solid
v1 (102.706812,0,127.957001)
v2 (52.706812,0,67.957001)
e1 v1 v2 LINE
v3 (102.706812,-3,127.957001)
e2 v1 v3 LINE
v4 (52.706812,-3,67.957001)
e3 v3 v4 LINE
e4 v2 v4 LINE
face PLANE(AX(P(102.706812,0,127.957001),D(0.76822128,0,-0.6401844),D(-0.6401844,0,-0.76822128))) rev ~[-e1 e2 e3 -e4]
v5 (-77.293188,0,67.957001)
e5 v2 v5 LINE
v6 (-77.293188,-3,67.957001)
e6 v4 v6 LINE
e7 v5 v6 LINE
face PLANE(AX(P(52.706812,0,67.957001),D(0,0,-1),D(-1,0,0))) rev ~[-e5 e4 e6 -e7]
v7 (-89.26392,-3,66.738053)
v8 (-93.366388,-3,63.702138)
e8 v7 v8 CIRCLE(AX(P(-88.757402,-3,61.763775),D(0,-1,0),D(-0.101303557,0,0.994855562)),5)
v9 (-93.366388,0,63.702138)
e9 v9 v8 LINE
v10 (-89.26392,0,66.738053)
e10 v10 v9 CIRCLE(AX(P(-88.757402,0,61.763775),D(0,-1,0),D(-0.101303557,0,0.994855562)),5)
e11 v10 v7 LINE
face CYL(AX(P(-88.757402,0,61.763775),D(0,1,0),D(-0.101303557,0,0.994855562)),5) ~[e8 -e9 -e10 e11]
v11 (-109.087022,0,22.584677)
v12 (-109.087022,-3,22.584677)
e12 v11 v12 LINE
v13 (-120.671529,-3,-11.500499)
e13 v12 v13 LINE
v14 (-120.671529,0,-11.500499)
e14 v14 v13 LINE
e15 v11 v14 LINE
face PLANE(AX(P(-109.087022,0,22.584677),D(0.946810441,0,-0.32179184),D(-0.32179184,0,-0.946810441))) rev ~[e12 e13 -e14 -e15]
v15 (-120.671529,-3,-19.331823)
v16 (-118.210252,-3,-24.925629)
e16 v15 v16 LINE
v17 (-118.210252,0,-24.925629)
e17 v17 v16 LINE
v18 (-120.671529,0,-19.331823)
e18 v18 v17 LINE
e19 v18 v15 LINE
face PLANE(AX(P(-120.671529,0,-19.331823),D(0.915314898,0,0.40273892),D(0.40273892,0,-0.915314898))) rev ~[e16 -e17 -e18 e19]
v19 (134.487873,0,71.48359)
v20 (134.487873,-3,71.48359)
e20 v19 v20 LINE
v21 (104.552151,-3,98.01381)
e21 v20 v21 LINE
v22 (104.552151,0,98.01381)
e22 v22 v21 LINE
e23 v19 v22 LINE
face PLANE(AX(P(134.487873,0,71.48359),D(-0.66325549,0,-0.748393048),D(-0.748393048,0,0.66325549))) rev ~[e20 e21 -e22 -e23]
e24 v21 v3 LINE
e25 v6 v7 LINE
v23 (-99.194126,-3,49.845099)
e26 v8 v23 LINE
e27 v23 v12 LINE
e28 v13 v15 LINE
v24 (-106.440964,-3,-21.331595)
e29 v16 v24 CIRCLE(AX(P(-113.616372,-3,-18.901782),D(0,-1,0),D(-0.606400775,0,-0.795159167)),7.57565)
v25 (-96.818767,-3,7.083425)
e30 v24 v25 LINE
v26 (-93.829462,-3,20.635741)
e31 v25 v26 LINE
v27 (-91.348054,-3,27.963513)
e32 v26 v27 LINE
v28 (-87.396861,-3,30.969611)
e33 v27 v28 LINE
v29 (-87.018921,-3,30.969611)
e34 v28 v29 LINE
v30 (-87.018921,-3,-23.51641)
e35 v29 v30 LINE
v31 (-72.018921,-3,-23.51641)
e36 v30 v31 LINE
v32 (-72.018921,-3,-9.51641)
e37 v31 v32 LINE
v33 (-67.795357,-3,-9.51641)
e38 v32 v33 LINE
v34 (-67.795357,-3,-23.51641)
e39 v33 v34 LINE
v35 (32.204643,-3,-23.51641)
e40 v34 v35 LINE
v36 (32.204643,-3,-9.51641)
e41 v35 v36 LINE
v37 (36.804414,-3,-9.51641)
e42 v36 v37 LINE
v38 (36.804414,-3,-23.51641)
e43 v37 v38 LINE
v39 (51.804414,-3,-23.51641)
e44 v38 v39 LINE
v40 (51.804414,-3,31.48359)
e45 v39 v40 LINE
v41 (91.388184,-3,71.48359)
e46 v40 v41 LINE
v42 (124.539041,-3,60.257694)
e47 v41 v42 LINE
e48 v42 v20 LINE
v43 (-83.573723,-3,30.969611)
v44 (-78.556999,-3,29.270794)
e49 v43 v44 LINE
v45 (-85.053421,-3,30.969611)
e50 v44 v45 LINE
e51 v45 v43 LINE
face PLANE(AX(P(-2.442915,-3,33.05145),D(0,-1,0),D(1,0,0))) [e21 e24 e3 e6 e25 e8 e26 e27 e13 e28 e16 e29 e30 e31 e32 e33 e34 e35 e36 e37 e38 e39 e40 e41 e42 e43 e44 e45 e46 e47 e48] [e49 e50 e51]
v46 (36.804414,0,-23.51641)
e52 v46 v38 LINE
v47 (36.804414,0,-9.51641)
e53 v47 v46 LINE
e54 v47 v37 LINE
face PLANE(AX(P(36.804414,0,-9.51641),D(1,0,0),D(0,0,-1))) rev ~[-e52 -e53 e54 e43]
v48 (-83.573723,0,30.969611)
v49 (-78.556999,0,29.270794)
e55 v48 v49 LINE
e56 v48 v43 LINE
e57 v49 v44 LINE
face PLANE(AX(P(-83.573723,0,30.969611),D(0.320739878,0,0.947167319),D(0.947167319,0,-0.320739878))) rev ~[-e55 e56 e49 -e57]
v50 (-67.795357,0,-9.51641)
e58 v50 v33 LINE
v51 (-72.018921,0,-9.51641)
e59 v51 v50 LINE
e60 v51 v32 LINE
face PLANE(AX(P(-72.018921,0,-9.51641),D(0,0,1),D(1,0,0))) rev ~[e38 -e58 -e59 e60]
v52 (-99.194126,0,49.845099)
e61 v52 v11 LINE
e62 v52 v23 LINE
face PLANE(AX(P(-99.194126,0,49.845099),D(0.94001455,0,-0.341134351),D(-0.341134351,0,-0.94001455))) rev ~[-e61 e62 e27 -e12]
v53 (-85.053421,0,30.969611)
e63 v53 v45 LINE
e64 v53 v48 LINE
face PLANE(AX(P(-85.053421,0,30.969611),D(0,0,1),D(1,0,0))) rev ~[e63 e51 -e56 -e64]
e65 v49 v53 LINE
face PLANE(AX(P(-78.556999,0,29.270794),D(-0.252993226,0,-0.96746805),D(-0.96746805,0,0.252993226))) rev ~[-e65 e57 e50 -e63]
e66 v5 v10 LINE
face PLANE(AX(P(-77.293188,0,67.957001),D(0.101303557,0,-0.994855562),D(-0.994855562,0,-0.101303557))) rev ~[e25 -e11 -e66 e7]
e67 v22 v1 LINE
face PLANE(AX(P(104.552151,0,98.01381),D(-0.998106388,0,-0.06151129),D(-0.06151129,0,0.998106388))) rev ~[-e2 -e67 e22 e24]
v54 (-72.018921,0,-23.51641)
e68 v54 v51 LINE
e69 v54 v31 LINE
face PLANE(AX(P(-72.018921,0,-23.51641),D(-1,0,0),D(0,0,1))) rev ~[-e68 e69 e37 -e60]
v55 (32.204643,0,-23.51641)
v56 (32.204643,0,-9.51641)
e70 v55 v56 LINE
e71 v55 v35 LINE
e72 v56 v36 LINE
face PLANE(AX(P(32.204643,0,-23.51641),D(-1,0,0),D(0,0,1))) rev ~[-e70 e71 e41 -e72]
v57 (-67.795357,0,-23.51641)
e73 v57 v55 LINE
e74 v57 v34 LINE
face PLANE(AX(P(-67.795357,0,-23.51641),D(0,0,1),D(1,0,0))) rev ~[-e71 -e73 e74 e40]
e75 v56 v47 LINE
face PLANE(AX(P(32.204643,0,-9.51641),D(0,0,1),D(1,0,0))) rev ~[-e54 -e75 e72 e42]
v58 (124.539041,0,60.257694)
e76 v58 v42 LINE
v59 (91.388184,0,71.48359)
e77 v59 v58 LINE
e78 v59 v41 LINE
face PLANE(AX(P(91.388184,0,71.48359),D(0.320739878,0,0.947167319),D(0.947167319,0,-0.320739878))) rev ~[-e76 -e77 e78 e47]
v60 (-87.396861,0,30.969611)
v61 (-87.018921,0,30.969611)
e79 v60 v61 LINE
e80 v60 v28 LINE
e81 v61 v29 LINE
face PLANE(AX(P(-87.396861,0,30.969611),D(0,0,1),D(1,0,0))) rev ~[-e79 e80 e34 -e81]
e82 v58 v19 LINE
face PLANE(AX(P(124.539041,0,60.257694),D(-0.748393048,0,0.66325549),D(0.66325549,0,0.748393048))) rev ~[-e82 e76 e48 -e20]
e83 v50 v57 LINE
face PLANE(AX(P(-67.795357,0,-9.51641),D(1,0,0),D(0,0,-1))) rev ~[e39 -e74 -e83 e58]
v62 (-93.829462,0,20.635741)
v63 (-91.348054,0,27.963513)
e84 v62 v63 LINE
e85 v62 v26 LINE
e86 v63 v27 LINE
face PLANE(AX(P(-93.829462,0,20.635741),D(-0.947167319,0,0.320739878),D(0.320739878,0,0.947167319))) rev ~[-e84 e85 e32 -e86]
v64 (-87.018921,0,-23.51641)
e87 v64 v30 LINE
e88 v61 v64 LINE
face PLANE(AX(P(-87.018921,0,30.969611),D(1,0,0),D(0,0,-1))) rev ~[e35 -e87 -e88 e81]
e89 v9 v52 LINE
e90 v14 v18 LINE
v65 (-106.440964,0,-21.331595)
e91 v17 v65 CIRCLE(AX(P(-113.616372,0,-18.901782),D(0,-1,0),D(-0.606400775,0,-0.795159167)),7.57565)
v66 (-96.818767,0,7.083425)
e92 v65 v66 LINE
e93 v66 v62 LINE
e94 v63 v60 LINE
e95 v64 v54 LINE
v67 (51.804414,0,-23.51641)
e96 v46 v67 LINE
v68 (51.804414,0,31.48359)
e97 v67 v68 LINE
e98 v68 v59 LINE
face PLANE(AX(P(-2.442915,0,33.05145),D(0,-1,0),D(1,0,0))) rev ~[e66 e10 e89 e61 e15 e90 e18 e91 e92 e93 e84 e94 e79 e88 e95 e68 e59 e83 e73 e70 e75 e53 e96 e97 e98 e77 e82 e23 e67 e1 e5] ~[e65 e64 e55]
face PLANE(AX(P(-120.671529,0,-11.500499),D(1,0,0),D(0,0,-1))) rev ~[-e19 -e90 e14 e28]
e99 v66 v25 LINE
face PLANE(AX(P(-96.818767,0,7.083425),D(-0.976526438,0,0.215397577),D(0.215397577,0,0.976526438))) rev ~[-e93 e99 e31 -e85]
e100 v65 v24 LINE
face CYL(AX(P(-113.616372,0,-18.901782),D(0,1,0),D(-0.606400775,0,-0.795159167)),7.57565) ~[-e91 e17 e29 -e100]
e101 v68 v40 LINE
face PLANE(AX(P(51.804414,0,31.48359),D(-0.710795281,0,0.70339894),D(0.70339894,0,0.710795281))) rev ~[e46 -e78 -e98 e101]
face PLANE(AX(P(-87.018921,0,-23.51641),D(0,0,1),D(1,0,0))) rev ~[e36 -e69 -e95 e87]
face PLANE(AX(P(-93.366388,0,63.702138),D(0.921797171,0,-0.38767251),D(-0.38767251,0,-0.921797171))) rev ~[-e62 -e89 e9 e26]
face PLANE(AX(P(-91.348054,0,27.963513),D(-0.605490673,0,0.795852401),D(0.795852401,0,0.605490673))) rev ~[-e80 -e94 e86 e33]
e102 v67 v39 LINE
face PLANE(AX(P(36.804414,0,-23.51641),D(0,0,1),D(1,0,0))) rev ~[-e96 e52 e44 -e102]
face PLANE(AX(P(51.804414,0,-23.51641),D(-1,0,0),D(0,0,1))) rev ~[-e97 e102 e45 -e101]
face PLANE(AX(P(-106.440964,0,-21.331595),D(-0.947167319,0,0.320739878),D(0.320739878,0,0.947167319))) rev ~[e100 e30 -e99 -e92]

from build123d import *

# Parameters (mm, degrees)
F1_DEPTH = 3
F2_DEPTH = 3


with BuildPart() as f1:
    # F0 (on Front) → F1 (new body)
    with BuildSketch(Plane.XZ):
        with BuildLine():
            Line((52.7068123221, 67.9570013285), (-77.2931876779, 67.9570013285))
            Line((-77.2931876779, 67.9570013285), (-89.2639196203, 66.7380527995))
            ThreePointArc((-89.2639196203, 66.7380527995), (-91.7316731318, 65.7829428457), (-93.3663876923, 63.7021375394))
            Line((-93.3663876923, 63.7021375394), (-99.1941262898, 49.8450988929))
            Line((-99.1941262898, 49.8450988929), (-109.0870224739, 22.5846769392))
            Line((-109.0870224739, 22.5846769392), (-120.6715287069, -11.5004989491))
            Line((-120.6715287069, -11.5004989491), (-120.6715287069, -19.3318230512))
            Line((-120.6715287069, -19.3318230512), (-118.2102517237, -24.9256293032))
            ThreePointArc((-118.2102517237, -24.9256293032), (-111.4038296451, -26.1471340573), (-106.4409637677, -21.3315948706))
            Line((-106.4409637677, -21.3315948706), (-96.8187674333, 7.0834247089))
            Line((-96.8187674333, 7.0834247089), (-93.8294616156, 20.6357413095))
            Line((-93.8294616156, 20.6357413095), (-91.3480535534, 27.9635130805))
            Line((-91.3480535534, 27.9635130805), (-87.3968608702, 30.9696110895))
            Line((-87.3968608702, 30.9696110895), (-87.0189213753, 30.9696110895))
            Line((-87.0189213753, 30.9696110895), (-87.0189213753, -23.5164099128))
            Line((-87.0189213753, -23.5164099128), (-72.0189213753, -23.5164099128))
            Line((-72.0189213753, -23.5164099128), (-72.0189213753, -9.5164099128))
            Line((-72.0189213753, -9.5164099128), (-67.7953569258, -9.5164099128))
            Line((-67.7953569258, -9.5164099128), (-67.7953569258, -23.5164099128))
            Line((-67.7953569258, -23.5164099128), (32.2046430742, -23.5164099128))
            Line((32.2046430742, -23.5164099128), (32.2046430742, -9.5164099128))
            Line((32.2046430742, -9.5164099128), (36.8044135138, -9.5164099128))
            Line((36.8044135138, -9.5164099128), (36.8044135138, -23.5164099128))
            Line((36.8044135138, -23.5164099128), (51.8044135138, -23.5164099128))
            Line((51.8044135138, -23.5164099128), (51.8044135138, 31.4835900872))
            Line((51.8044135138, 31.4835900872), (91.3881844313, 71.4835900872))
            Line((91.3881844313, 71.4835900872), (124.5390406074, 60.2576943637))
            Line((124.5390406074, 60.2576943637), (134.4878729613, 71.4835900872))
            Line((134.4878729613, 71.4835900872), (104.552151032, 98.0138096975))
            Line((104.552151032, 98.0138096975), (102.7068123221, 127.9570013285))
            Line((102.7068123221, 127.9570013285), (52.7068123221, 67.9570013285))
        make_face()
        Polygon((-85.0534210869, 30.9696110895), (-87.0189213753, 30.9696110895), (-87.0189213753, 31.4835900872), align=None, mode=Mode.SUBTRACT)
        Polygon((-78.5569989721, 29.2707944844), (-85.0534210869, 30.9696110895), (-83.5737233683, 30.9696110895), align=None, mode=Mode.SUBTRACT)
        Polygon((-87.0189213753, 31.4835900872), (-87.0189213753, 30.9696110895), (-85.0534210869, 30.9696110895), align=None)
    extrude(amount=F1_DEPTH)

    # F0 (on Front) → F2 (join)
    with BuildSketch(Plane.XZ):
        with BuildLine():
            Line((52.7068123221, 67.9570013285), (-77.2931876779, 67.9570013285))
            Line((-77.2931876779, 67.9570013285), (-89.2639196203, 66.7380527995))
            ThreePointArc((-89.2639196203, 66.7380527995), (-91.7316731318, 65.7829428457), (-93.3663876923, 63.7021375394))
            Line((-93.3663876923, 63.7021375394), (-99.1941262898, 49.8450988929))
            Line((-99.1941262898, 49.8450988929), (-109.0870224739, 22.5846769392))
            Line((-109.0870224739, 22.5846769392), (-120.6715287069, -11.5004989491))
            Line((-120.6715287069, -11.5004989491), (-120.6715287069, -19.3318230512))
            Line((-120.6715287069, -19.3318230512), (-118.2102517237, -24.9256293032))
            ThreePointArc((-118.2102517237, -24.9256293032), (-111.4038296451, -26.1471340573), (-106.4409637677, -21.3315948706))
            Line((-106.4409637677, -21.3315948706), (-96.8187674333, 7.0834247089))
            Line((-96.8187674333, 7.0834247089), (-93.8294616156, 20.6357413095))
            Line((-93.8294616156, 20.6357413095), (-91.3480535534, 27.9635130805))
            Line((-91.3480535534, 27.9635130805), (-87.3968608702, 30.9696110895))
            Line((-87.3968608702, 30.9696110895), (-87.0189213753, 30.9696110895))
            Line((-87.0189213753, 30.9696110895), (-87.0189213753, -23.5164099128))
            Line((-87.0189213753, -23.5164099128), (-72.0189213753, -23.5164099128))
            Line((-72.0189213753, -23.5164099128), (-72.0189213753, -9.5164099128))
            Line((-72.0189213753, -9.5164099128), (-67.7953569258, -9.5164099128))
            Line((-67.7953569258, -9.5164099128), (-67.7953569258, -23.5164099128))
            Line((-67.7953569258, -23.5164099128), (32.2046430742, -23.5164099128))
            Line((32.2046430742, -23.5164099128), (32.2046430742, -9.5164099128))
            Line((32.2046430742, -9.5164099128), (36.8044135138, -9.5164099128))
            Line((36.8044135138, -9.5164099128), (36.8044135138, -23.5164099128))
            Line((36.8044135138, -23.5164099128), (51.8044135138, -23.5164099128))
            Line((51.8044135138, -23.5164099128), (51.8044135138, 31.4835900872))
            Line((51.8044135138, 31.4835900872), (91.3881844313, 71.4835900872))
            Line((91.3881844313, 71.4835900872), (124.5390406074, 60.2576943637))
            Line((124.5390406074, 60.2576943637), (134.4878729613, 71.4835900872))
            Line((134.4878729613, 71.4835900872), (104.552151032, 98.0138096975))
            Line((104.552151032, 98.0138096975), (102.7068123221, 127.9570013285))
            Line((102.7068123221, 127.9570013285), (52.7068123221, 67.9570013285))
        make_face()
        Polygon((-85.0534210869, 30.9696110895), (-87.0189213753, 30.9696110895), (-87.0189213753, 31.4835900872), align=None, mode=Mode.SUBTRACT)
        Polygon((-78.5569989721, 29.2707944844), (-85.0534210869, 30.9696110895), (-83.5737233683, 30.9696110895), align=None, mode=Mode.SUBTRACT)
        Polygon((-87.0189213753, 31.4835900872), (-87.0189213753, 30.9696110895), (-85.0534210869, 30.9696110895), align=None)
    extrude(amount=F2_DEPTH)


solid = f1.part
